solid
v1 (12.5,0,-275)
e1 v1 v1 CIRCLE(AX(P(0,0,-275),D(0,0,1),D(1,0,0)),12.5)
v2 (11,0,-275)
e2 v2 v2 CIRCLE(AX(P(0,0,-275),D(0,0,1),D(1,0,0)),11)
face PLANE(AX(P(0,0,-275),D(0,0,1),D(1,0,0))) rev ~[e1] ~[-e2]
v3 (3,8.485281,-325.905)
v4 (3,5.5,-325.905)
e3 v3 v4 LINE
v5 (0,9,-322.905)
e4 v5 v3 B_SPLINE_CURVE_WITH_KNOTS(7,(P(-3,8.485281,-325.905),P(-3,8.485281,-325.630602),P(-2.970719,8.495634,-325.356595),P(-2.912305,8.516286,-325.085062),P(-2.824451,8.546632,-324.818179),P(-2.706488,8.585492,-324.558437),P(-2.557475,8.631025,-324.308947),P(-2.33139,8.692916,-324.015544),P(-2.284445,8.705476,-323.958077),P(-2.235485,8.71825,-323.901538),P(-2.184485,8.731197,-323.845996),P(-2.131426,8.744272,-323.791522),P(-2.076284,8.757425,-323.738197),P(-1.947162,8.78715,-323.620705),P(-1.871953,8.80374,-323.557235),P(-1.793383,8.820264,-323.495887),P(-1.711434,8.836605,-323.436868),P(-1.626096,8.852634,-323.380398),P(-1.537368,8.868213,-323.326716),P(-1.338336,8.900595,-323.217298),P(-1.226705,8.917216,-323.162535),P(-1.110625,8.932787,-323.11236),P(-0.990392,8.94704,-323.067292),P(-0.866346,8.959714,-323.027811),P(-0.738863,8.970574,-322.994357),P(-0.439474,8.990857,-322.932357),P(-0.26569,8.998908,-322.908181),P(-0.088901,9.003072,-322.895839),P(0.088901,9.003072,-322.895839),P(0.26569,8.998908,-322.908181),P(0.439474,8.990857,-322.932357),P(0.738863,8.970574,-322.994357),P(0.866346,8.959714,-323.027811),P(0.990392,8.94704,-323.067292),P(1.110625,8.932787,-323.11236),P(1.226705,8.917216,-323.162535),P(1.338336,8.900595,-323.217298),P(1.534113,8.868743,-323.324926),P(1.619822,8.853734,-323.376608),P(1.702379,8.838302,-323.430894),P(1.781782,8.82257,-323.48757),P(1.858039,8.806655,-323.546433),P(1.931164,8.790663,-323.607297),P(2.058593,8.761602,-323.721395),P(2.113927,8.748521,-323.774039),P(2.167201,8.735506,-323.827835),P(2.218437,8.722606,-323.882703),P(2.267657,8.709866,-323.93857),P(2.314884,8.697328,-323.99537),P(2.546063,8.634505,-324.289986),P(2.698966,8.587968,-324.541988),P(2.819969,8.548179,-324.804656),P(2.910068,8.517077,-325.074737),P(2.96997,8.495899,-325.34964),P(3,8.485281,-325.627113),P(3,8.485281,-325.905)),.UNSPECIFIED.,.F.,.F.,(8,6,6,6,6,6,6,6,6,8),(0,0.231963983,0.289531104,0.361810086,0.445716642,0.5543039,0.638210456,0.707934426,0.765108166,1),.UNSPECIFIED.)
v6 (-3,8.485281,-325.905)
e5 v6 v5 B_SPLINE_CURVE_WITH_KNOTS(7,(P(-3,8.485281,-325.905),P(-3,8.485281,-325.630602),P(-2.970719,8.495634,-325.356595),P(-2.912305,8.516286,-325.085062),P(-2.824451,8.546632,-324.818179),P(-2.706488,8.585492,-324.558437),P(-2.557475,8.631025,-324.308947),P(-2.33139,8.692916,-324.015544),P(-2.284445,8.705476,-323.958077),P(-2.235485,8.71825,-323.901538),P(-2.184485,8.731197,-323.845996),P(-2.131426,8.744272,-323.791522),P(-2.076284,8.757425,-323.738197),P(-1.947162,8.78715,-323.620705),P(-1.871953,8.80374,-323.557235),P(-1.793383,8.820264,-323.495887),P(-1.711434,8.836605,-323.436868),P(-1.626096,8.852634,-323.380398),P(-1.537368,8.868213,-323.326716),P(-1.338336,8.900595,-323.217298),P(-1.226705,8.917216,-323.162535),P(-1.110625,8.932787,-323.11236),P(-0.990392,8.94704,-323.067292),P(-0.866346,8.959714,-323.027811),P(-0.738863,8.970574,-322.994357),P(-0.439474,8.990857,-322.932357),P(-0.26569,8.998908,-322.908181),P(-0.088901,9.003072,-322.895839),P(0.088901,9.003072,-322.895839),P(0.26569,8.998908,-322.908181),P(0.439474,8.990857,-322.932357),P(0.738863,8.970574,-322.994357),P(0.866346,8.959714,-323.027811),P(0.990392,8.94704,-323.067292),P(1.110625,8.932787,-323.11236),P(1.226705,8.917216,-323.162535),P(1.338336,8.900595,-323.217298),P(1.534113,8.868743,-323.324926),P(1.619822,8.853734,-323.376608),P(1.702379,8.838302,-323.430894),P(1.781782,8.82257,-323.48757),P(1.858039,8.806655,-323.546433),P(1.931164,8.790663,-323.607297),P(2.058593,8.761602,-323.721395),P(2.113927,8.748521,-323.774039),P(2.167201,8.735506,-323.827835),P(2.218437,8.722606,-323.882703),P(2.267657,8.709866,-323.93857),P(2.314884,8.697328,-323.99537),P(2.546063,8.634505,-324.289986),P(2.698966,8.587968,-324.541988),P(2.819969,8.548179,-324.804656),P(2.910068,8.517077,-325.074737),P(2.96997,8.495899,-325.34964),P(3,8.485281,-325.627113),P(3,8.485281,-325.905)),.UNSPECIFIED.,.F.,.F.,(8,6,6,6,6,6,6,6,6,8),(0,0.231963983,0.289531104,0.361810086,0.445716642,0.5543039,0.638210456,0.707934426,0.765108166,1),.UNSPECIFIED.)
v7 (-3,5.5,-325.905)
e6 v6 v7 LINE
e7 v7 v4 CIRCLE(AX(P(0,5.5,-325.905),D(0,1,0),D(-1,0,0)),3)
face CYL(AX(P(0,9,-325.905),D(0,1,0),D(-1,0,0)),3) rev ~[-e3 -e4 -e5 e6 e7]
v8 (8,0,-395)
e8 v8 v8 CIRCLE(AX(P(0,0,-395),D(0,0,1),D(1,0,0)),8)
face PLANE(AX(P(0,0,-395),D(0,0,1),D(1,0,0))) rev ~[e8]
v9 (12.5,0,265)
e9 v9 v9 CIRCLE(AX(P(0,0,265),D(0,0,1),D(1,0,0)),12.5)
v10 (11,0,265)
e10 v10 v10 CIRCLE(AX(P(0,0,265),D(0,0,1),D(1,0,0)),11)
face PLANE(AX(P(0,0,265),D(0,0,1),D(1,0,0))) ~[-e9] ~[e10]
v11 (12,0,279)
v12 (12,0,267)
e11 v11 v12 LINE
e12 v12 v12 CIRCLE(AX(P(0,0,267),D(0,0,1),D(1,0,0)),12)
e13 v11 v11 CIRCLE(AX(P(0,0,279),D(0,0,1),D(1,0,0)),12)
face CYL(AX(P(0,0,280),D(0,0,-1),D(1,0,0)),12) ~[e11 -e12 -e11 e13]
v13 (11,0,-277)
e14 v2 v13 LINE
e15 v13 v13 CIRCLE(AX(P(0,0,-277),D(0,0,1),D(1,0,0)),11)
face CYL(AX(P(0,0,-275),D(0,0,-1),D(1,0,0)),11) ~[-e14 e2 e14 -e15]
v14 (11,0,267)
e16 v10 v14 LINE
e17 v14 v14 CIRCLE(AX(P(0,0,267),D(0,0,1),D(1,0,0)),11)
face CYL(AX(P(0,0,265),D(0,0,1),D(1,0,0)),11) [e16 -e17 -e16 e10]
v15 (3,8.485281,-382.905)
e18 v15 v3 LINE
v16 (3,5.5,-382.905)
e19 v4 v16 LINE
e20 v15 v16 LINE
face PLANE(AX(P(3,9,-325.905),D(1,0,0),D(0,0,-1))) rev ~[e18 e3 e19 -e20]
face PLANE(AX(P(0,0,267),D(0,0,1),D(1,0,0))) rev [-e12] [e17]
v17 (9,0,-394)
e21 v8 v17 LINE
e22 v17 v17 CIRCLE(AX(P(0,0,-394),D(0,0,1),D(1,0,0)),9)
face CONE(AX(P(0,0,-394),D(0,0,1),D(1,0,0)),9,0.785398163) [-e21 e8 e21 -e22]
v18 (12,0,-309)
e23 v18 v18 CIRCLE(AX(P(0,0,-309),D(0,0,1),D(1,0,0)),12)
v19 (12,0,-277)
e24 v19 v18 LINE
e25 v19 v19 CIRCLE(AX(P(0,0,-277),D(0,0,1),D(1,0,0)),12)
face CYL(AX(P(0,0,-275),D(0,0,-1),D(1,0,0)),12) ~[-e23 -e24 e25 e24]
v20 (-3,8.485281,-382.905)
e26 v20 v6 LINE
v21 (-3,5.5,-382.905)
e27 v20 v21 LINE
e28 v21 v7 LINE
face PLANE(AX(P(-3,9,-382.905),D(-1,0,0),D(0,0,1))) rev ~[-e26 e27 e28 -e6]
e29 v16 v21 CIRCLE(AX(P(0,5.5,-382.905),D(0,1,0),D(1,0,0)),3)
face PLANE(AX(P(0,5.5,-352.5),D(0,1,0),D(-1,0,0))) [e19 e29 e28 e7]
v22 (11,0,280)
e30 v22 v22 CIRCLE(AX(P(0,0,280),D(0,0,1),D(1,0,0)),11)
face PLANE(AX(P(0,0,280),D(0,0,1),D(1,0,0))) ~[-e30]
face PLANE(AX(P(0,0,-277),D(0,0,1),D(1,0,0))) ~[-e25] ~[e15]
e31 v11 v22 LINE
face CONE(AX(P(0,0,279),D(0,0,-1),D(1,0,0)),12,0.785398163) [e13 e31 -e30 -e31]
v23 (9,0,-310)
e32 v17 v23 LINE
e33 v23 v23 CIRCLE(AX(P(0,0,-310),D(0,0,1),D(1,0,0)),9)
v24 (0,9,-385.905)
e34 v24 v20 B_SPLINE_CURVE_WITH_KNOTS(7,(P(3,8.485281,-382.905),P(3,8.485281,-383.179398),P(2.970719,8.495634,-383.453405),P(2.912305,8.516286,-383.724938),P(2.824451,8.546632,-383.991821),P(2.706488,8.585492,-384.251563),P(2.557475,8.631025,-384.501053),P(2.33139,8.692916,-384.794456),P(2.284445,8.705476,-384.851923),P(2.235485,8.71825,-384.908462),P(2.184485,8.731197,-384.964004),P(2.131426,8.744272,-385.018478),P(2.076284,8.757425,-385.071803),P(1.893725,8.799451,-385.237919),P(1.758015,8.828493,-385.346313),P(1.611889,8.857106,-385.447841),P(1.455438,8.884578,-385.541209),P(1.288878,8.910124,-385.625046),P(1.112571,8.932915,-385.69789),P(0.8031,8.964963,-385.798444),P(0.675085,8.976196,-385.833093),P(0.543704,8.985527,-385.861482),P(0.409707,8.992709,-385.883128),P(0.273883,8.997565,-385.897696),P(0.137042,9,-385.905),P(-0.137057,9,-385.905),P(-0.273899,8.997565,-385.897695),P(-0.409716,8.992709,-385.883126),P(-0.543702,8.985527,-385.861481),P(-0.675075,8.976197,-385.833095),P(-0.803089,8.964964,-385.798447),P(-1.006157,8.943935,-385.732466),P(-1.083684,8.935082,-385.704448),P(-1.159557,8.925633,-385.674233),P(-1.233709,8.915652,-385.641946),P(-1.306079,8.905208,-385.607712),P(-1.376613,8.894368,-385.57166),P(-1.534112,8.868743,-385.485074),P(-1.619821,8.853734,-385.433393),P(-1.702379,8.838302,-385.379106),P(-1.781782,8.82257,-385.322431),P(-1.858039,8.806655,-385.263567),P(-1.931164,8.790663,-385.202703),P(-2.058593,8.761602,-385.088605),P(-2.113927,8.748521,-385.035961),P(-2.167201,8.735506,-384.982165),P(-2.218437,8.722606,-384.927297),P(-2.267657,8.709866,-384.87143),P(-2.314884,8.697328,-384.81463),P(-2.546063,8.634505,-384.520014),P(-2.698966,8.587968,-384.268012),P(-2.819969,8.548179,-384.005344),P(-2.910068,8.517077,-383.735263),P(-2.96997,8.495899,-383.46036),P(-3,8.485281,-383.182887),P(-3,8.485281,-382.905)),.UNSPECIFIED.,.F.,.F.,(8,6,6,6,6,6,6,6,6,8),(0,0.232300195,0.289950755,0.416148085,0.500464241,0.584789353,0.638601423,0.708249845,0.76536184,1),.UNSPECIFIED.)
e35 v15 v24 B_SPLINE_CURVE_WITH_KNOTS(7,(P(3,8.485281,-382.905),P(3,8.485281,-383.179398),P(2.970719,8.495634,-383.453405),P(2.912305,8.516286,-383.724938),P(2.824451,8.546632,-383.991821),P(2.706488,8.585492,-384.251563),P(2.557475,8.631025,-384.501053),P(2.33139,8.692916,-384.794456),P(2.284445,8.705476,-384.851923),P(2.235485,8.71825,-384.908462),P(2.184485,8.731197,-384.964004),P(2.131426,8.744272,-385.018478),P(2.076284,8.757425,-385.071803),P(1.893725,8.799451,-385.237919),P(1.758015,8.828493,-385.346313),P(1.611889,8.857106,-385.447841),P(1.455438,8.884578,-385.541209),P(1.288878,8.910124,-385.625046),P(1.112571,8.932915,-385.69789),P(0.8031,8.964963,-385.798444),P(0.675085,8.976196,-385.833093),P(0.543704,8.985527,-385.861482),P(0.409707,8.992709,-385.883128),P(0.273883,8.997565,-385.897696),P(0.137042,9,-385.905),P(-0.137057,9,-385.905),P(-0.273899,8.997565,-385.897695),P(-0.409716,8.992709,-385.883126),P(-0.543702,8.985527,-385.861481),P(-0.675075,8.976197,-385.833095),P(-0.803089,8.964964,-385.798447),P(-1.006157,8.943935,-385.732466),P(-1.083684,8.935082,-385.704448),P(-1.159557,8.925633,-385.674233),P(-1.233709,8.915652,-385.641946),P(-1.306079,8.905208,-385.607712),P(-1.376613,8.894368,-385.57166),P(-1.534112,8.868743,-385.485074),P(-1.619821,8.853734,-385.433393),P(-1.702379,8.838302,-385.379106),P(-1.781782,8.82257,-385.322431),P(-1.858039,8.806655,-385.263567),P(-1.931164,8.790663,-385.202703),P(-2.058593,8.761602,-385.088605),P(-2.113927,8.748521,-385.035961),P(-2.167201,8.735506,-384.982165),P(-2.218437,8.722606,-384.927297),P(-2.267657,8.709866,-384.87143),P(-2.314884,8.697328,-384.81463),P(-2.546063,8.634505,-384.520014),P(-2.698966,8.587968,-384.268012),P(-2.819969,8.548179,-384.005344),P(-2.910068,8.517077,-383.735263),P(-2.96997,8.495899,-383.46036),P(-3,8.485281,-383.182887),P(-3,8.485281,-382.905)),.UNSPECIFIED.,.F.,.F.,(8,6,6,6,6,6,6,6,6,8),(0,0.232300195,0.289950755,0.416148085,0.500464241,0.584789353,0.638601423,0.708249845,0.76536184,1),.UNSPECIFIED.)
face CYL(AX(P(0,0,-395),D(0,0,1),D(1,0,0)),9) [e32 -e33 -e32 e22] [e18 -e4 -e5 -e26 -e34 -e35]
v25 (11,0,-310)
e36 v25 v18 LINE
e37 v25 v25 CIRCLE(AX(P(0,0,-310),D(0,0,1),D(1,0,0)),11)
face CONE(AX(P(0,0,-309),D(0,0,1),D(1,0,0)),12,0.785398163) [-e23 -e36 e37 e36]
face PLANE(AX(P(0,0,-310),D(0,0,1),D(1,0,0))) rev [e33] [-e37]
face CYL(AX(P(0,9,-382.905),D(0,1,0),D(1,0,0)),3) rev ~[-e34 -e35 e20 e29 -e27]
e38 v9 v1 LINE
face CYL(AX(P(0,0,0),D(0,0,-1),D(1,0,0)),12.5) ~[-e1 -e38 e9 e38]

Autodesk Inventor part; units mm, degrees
ref_plane "YZ Plane" through (0, 0, 0) normal (1, 0, 0) x (0, 1, 0)
ref_plane "XY Plane" through (0, 0, 0) normal (0, 0, 1) x (1, 0, 0)
sketch "Sketch1" plane through (0, 0, 0) normal (0, 1, 0) x (-1, 0, 0)
  line L0 (0, 0) -> (0, 280)
  line L1 (0, 280) -> (-12.5, 280)
  line L2 (-12.5, 280) -> (-12.5, 0)
  line L3 (-12.5, 0) -> (-12.5, -395)
  line L4 (-12.5, -395) -> (0, -395)
  line L5 (0, -395) -> (0, 0)
  line L6 (-9, -395) -> (-9, -310)
  line L7 (-9, -310) -> (-12.5, -310)
  line L8 (-12.5, -275) -> (-12, -275)
  line L9 (-12, -275) -> (-12, -310)
  line L10 (-12, 280) -> (-12, 265)
  line L11 (-12, 265) -> (-12.5, 265)
  line L12 (-12, 265) -> (-11, 265)
  line L13 (-11, 265) -> (-11, 267)
  line L14 (-11, 267) -> (-12, 267)
  line L15 (-12, -275) -> (-11, -275)
  line L16 (-11, -275) -> (-11, -277)
  line L17 (-11, -277) -> (-12, -277)
  dimension "d0" = 25
  dimension "d1" = 280
  dimension "d2" = 395
  dimension "d4" = 85
  dimension "d5" = 18
  dimension "d6" = 24
  dimension "d7" = 35
  dimension "d8" = 15
  dimension "d18" = 22
  dimension "d19" = 2
revolve "Revolution1" add sketch "Sketch1" angle 360 about axis through (0, 0, 0) along (0, 0, 1) contours L5 L4 L6 L7 L9 L17 L16 L15 L8 L3 L2 L11 L12 L13 L14 L10 L1 L0
ref_plane "Work Plane1" through (0, 9, -352.5) normal (0, 1, 0) x (-1, 0, 0)
sketch "Sketch2" plane through (0, 9, -352.5) normal (0, 1, 0) x (-1, 0, 0)
  line L0 (9, -42.5) -> (-9, -42.5) projected
  line L1 (9, 42.5) -> (-9, 42.5) projected
  line L2 (9, -42.5) -> (9, 42.5) projected
  line L3 (-9, -42.5) -> (-9, 42.5) projected
  line L4 (9, -40.905) -> (-9, -40.905) construction
  line L5 (9, 37.095) -> (-9, 37.095) construction
  line L6 (0, 29.595) -> (0, -33.405) construction
  line L7 (-3, 26.595) -> (-3, -30.405)
  line L8 (3, -30.405) -> (3, 26.595)
  arc A0 (3, 26.595) -> (-3, 26.595) centre (0, 26.595) ccw
  arc A1 (-3, -30.405) -> (3, -30.405) centre (0, -30.405) ccw
  line L9 (0, 37.095) -> (0, -40.905) construction
  point P0 (0, 352.5)
  point P1 (0, -1.905)
  point P2 (0, -1.905)
  dimension "d9" = 1.595
  dimension "d10" = 78
  dimension "d11" = 63
  dimension "d12" = 6
extrude "Extrusion1" cut sketch "Sketch2" against normal blind 3.5 contours A0 L8 A1 L7
chamfer "Chamfer1" distance 1 angle 45 3 edges at (-9, 0, -395) (-12, 0, 280) (-12, 0, -310)
properties part number "TRM 028 main shaft"
